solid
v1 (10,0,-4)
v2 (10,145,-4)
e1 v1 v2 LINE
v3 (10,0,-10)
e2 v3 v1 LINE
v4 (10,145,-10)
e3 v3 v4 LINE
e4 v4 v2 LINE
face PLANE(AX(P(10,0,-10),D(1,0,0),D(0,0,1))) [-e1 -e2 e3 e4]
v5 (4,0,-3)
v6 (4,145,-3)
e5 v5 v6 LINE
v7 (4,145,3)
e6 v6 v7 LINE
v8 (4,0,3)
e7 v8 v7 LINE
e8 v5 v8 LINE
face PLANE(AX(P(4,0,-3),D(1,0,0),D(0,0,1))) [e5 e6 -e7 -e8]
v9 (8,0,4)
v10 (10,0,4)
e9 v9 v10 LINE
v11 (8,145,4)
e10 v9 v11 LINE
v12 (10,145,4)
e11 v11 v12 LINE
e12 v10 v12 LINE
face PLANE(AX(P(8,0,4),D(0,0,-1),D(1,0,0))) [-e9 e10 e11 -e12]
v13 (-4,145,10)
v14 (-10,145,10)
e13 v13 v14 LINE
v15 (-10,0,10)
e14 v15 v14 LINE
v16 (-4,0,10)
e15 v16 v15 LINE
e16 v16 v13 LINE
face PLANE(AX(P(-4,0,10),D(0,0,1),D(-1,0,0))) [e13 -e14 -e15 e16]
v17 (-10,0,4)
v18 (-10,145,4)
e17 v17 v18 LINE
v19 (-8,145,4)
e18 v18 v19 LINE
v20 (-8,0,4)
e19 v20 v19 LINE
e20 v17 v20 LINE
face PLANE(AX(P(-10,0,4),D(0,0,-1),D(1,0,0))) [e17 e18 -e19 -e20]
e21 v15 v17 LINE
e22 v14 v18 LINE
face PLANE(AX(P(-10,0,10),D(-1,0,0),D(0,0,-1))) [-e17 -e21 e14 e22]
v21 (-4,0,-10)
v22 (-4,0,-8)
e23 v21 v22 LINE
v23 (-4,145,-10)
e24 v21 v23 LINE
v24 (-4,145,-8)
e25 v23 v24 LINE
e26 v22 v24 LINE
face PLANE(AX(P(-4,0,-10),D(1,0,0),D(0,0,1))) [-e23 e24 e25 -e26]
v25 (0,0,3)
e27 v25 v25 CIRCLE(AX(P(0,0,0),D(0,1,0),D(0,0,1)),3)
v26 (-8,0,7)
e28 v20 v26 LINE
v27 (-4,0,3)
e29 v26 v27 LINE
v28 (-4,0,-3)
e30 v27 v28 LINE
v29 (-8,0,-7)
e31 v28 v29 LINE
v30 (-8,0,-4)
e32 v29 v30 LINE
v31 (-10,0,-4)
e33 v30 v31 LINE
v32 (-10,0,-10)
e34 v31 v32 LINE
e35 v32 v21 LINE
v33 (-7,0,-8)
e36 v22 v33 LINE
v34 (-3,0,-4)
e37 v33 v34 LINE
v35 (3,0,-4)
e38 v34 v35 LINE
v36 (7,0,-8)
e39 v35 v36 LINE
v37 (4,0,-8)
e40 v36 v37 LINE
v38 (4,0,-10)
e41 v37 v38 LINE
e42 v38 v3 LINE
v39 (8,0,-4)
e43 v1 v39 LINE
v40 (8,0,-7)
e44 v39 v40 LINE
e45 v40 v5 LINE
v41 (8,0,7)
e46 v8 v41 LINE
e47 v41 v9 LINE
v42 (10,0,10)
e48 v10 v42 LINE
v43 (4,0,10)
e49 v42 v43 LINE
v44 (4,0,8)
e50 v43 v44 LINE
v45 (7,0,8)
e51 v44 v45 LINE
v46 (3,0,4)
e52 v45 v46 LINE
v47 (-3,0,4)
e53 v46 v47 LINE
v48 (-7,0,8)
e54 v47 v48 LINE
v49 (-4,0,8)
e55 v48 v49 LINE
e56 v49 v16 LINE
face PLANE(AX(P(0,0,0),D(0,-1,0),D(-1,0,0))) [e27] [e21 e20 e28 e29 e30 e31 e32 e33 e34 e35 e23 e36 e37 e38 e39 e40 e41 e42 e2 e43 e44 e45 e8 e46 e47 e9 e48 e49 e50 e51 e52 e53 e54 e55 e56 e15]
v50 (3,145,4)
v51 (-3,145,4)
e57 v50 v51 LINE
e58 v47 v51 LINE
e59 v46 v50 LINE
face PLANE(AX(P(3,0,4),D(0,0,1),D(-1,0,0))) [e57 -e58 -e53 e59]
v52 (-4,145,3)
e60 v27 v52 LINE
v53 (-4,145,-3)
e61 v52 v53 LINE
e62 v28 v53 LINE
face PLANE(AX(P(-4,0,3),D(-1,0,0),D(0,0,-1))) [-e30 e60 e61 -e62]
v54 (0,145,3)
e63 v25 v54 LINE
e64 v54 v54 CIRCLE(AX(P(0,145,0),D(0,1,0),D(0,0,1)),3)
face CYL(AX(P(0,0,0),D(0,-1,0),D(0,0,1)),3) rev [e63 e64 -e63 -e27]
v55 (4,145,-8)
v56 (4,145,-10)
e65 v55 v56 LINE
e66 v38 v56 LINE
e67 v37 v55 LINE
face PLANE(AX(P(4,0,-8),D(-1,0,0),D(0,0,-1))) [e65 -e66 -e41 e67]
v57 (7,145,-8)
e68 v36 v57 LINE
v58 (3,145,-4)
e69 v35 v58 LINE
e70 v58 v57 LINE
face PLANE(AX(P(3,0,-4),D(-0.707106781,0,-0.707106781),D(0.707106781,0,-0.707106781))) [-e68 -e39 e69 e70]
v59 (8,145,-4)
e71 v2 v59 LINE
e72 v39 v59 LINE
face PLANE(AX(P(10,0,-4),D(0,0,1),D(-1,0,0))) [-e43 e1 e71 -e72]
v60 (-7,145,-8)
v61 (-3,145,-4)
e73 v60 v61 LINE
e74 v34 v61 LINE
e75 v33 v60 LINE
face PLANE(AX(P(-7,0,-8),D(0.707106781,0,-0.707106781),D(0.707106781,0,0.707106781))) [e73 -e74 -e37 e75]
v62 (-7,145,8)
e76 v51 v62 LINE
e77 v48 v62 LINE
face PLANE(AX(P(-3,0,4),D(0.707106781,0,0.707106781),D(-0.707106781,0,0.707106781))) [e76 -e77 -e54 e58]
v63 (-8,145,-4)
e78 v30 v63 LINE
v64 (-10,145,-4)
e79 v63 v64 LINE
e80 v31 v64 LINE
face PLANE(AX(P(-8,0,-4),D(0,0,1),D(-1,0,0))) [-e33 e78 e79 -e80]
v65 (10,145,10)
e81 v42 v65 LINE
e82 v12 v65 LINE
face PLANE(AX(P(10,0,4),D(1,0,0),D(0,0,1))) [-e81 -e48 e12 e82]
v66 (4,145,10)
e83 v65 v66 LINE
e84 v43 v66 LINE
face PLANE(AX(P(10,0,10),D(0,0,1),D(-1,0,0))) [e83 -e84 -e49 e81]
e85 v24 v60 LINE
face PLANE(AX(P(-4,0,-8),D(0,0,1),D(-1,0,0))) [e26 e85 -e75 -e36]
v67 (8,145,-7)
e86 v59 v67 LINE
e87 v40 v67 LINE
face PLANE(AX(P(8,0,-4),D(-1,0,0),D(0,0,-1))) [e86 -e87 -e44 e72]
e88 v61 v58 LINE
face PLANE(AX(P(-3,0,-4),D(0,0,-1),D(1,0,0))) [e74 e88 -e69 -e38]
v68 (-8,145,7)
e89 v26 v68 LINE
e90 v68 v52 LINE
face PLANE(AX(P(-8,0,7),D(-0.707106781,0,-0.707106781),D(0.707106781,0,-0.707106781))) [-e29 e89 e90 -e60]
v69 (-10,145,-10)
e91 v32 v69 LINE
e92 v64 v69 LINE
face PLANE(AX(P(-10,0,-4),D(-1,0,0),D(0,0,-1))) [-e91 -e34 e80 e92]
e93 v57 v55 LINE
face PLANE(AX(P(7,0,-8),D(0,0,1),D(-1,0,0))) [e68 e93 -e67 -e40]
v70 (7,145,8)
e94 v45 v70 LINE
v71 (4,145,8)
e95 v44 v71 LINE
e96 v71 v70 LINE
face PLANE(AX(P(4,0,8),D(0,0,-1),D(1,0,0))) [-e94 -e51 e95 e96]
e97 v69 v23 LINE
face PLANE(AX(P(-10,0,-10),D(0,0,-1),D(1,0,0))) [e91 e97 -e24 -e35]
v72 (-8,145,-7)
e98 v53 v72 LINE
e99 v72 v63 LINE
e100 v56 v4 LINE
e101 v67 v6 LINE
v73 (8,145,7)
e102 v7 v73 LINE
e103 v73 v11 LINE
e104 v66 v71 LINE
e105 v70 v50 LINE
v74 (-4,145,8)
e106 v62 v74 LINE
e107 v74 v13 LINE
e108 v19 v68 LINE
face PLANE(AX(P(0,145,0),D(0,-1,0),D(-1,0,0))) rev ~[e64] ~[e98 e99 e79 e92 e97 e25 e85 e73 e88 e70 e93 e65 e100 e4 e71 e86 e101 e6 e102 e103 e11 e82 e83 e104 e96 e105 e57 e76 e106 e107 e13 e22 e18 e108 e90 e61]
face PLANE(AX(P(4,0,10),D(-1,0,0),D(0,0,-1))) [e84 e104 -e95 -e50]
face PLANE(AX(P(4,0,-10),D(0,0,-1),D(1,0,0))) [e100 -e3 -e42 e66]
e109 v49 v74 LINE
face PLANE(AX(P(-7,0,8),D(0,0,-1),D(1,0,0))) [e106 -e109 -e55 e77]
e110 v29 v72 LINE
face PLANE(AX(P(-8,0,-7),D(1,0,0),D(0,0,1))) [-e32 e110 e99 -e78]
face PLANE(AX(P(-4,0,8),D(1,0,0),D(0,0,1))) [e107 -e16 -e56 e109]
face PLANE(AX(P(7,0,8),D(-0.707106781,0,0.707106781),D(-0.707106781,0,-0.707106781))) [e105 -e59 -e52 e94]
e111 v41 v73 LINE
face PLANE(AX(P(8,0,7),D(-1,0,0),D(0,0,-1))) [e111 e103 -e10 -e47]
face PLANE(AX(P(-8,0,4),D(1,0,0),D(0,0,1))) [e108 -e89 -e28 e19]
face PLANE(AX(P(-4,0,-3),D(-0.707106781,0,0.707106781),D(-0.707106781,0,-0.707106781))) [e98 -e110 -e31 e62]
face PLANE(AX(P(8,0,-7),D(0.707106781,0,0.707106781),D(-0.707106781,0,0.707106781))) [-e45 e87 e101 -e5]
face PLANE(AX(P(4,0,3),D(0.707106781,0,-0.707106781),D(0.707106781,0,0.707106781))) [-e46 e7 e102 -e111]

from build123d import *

# Parameters (mm, degrees)
F_2020_SKETCH_R     = 3
BOSS_EXTRUDE1_DEPTH = 145


with BuildPart() as part:
    # 2020 sketch → Boss-Extrude1 (new body)
    with BuildSketch(Plane(origin=(0, 0, 0), x_dir=(1, 0, 0), z_dir=(0, 1, 0))):
        Polygon((-4, 10), (-4, 8), (-7, 8), (-3, 4), (3, 4), (7, 8), (4, 8), (4, 10), (10, 10), (10, 4), (8, 4), (8, 7), (4, 3), (4, -3), (8, -7), (8, -4), (10, -4), (10, -10), (4, -10), (4, -8), (7, -8), (3, -4), (-3, -4), (-7, -8), (-4, -8), (-4, -10), (-10, -10), (-10, -4), (-8, -4), (-8, -7), (-4, -3), (-4, 3), (-8, 7), (-8, 4), (-10, 4), (-10, 10), align=None)
        with Locations(Location((0, 0, 0), (0, 0, 270))):
            Circle(F_2020_SKETCH_R, mode=Mode.SUBTRACT)
    extrude(amount=BOSS_EXTRUDE1_DEPTH)


solid = part.part
